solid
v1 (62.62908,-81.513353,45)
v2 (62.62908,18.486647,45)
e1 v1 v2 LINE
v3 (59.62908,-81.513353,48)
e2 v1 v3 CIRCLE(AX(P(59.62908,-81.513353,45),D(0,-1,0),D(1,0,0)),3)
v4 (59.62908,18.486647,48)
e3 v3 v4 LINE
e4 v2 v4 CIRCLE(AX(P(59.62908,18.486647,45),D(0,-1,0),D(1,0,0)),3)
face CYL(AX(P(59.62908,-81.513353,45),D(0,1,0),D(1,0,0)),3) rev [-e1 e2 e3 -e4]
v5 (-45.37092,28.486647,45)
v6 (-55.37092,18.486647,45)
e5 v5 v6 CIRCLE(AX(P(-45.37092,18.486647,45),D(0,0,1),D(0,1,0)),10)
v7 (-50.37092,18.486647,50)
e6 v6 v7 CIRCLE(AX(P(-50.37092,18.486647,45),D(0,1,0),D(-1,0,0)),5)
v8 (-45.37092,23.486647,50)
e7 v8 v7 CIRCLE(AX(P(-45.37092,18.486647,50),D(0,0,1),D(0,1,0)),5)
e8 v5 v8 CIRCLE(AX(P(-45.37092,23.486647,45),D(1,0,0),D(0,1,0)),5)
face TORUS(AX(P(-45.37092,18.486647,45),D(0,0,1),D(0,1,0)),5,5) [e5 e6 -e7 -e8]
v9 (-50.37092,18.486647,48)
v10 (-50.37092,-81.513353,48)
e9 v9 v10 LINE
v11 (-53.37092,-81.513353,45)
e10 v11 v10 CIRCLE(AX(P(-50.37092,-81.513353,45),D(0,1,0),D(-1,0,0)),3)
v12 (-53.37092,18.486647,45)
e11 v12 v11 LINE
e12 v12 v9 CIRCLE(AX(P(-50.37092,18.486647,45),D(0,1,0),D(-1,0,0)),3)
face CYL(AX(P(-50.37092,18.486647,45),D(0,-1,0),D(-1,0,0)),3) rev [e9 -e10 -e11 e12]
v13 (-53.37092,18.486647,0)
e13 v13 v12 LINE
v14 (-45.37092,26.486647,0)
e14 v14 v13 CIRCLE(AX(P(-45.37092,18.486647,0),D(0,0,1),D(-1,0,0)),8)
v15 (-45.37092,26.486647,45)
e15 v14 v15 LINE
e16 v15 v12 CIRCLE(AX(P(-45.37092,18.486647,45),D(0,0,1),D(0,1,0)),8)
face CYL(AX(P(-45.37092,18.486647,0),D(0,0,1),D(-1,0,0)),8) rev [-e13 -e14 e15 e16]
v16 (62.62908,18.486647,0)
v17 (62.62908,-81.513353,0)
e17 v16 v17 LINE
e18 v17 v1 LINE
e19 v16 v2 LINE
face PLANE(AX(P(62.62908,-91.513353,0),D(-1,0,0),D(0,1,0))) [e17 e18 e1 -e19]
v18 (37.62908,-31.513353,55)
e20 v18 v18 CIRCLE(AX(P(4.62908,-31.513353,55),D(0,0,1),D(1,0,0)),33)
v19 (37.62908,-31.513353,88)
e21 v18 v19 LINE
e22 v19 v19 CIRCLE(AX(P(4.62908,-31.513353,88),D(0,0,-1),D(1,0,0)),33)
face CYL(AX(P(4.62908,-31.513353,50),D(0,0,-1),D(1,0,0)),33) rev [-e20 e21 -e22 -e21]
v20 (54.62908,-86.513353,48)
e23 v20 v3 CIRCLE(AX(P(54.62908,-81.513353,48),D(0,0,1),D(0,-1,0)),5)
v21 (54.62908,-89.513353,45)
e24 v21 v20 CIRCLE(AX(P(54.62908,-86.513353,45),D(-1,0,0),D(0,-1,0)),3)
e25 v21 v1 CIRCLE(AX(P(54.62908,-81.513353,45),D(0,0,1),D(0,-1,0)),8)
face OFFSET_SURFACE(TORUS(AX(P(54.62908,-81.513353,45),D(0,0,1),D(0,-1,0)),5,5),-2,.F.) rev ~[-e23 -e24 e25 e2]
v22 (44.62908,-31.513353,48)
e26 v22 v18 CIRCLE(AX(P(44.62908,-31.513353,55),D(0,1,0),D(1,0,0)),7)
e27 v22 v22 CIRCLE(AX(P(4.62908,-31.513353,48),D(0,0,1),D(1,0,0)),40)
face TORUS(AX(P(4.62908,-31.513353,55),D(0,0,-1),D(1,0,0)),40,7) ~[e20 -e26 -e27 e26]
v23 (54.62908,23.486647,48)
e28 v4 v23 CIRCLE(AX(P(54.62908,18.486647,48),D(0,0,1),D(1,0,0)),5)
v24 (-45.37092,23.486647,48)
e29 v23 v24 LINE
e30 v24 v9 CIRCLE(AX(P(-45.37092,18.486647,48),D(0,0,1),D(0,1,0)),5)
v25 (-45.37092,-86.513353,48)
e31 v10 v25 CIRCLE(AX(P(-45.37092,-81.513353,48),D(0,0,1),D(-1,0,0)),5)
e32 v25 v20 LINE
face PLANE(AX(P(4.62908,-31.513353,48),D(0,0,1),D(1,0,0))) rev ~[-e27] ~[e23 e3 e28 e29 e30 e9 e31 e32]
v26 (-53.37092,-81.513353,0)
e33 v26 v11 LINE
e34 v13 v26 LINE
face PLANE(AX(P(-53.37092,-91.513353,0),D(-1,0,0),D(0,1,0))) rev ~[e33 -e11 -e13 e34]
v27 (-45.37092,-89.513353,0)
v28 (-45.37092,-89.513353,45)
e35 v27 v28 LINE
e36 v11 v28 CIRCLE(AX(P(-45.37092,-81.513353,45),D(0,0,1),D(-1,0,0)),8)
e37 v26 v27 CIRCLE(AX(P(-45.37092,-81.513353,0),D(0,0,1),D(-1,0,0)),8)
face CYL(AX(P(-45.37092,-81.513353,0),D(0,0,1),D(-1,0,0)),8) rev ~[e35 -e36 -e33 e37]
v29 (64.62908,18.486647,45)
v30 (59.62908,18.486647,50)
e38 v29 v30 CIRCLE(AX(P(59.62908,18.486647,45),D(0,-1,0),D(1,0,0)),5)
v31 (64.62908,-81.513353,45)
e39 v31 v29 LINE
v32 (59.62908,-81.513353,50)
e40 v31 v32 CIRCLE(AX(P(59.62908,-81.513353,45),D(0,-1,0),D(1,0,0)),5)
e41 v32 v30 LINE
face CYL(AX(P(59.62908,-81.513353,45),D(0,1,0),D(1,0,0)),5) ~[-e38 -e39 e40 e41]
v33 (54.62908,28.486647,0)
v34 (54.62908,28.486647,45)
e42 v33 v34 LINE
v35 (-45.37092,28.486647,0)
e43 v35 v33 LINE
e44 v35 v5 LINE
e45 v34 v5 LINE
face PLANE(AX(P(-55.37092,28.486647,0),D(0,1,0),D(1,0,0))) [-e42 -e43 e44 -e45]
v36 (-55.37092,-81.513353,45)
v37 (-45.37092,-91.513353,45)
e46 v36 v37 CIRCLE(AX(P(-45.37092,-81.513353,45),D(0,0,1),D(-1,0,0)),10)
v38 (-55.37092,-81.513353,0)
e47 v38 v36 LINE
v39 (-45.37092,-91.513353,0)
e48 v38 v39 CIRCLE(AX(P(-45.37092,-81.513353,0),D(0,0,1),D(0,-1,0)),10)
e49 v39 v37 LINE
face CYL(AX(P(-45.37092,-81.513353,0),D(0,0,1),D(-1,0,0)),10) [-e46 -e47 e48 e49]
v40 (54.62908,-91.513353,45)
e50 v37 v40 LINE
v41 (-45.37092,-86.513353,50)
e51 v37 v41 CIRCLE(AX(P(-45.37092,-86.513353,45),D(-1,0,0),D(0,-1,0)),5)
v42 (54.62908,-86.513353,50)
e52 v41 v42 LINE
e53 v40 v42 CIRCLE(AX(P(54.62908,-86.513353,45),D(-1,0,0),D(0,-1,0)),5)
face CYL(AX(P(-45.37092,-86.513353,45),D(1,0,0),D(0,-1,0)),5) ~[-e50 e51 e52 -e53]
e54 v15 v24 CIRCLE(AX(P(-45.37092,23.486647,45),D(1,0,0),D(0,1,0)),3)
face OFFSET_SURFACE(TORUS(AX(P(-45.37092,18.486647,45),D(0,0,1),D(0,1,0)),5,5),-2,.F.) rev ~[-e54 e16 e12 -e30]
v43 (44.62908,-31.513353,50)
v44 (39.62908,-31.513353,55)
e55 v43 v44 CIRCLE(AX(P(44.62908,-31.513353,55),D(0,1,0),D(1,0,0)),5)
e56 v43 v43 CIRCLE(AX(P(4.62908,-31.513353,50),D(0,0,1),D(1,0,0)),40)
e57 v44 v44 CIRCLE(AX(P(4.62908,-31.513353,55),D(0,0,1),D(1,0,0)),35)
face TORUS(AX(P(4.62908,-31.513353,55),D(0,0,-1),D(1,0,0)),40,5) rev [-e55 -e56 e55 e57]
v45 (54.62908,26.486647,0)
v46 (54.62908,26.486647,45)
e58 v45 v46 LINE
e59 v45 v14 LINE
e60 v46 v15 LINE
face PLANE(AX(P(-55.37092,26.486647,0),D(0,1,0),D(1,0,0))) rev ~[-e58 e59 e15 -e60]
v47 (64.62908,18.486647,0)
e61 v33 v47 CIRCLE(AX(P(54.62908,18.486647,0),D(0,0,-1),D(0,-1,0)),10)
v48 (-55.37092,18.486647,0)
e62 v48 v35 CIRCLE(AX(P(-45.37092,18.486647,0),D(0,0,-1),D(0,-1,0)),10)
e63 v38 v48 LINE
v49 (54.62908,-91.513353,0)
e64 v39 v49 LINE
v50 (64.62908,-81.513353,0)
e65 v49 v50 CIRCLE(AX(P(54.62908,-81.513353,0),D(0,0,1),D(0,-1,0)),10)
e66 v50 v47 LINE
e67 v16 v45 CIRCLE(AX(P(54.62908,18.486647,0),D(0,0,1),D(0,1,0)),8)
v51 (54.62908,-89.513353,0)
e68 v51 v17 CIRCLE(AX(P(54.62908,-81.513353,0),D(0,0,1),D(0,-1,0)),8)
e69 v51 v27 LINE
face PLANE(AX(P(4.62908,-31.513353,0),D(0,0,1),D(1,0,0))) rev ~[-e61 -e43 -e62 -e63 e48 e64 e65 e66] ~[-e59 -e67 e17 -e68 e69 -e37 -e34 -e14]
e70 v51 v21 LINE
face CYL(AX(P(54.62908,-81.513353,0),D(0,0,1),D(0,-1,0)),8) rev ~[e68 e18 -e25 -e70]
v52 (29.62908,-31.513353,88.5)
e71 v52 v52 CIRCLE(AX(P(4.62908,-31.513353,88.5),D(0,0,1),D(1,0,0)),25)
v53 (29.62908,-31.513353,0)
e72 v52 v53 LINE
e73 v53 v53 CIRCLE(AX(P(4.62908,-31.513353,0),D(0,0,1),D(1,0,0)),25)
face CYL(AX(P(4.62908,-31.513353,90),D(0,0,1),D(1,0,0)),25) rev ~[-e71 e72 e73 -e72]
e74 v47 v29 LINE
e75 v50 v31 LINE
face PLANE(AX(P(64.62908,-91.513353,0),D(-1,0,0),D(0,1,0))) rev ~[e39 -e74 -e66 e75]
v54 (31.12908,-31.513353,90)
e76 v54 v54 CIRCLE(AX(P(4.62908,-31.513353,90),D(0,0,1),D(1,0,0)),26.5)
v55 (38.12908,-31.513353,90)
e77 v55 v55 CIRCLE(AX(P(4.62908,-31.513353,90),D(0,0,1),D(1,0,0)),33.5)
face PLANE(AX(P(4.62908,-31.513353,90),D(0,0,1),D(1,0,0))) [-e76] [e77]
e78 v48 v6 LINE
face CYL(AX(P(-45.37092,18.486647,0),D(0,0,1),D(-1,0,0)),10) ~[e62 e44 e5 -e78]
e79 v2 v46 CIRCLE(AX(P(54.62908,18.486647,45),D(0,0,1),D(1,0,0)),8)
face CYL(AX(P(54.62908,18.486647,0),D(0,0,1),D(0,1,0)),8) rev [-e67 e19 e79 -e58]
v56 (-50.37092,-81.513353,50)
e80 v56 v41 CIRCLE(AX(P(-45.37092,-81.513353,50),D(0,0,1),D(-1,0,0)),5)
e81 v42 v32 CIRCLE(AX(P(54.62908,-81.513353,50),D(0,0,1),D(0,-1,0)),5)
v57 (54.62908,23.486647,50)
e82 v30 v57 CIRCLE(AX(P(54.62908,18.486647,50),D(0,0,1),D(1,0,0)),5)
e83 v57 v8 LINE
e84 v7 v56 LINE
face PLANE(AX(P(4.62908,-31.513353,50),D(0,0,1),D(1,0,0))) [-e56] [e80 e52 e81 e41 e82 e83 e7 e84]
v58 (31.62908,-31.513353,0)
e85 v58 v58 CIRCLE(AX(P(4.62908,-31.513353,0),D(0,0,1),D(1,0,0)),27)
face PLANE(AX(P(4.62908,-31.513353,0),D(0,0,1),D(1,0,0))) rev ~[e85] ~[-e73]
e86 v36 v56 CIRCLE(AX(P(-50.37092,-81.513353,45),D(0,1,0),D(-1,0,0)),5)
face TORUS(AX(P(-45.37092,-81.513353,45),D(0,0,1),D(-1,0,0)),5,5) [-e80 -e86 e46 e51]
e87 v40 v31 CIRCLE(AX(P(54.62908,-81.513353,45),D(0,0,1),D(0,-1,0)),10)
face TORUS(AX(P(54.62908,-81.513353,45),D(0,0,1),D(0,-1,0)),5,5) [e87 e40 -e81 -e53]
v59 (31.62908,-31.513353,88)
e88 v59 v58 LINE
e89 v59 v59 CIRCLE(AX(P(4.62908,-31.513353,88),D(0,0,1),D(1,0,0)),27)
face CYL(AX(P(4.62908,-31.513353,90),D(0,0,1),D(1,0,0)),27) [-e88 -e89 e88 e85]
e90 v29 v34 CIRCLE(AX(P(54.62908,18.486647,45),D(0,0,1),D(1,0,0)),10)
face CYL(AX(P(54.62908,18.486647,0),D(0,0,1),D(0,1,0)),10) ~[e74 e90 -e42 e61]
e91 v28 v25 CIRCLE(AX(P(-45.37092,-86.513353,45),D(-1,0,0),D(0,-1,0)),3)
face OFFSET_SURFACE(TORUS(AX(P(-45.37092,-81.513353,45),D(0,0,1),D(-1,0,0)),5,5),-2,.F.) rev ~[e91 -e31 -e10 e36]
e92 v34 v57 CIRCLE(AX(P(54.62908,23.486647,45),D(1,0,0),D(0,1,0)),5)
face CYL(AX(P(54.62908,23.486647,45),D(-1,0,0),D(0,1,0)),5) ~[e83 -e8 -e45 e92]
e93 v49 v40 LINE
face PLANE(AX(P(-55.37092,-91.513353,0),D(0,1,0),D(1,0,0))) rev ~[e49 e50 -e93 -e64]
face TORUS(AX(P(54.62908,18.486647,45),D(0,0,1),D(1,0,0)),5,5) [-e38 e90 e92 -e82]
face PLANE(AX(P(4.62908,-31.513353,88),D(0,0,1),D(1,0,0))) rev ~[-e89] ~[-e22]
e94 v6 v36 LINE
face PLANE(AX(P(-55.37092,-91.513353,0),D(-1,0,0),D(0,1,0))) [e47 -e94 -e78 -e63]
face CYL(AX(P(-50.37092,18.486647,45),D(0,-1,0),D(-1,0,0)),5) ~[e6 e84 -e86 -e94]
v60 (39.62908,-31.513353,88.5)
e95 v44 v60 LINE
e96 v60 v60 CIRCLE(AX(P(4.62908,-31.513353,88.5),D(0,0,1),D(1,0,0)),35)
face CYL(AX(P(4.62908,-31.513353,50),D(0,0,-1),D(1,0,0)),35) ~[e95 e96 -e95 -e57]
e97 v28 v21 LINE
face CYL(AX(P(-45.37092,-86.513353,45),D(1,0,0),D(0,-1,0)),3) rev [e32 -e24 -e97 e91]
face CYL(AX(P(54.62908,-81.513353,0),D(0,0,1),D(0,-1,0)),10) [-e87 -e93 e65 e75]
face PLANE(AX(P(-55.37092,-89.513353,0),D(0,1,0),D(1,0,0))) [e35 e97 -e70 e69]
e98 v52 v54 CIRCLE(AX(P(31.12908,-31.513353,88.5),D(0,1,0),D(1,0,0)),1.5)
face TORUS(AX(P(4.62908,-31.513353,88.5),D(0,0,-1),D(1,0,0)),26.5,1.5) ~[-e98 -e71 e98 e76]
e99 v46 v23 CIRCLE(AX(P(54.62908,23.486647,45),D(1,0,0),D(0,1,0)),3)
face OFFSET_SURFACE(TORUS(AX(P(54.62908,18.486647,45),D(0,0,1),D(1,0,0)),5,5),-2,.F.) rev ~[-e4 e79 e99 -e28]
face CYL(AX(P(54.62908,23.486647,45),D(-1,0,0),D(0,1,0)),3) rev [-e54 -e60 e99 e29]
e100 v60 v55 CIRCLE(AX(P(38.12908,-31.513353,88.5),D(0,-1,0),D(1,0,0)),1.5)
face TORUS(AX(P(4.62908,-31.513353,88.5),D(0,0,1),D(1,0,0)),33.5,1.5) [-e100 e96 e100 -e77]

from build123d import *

# Parameters (mm, degrees)
SKETCH1_W           = 120
SKETCH1_H           = 120
BOSS_EXTRUDE1_DEPTH = 50
SKETCH2_R           = 35
BOSS_EXTRUDE2_DEPTH = 40
SKETCH3_R           = 25
CUT_EXTRUDE1_DEPTH  = 91
FILLET2_R           = 10
FILLET3_R           = 1.5
FILLET4_R           = 5
SHELL1_T            = -2


with BuildPart() as part:
    # Sketch1 → Boss-Extrude1 (new body)
    with BuildSketch(Plane.XY):
        with Locations((4.629080119, -31.513353116)):
            Rectangle(SKETCH1_W, SKETCH1_H)
    extrude(amount=BOSS_EXTRUDE1_DEPTH)

    # Sketch2 → Boss-Extrude2 (add)
    with BuildSketch(Plane.XY.offset(50)):
        with Locations((4.629080119, -31.513353116)):
            Circle(SKETCH2_R)
    extrude(amount=BOSS_EXTRUDE2_DEPTH)

    # Sketch3 → Cut-Extrude1 (cut, through all)
    with BuildSketch(Plane.XY.offset(90)):
        with Locations((4.629080119, -31.513353116)):
            Circle(SKETCH3_R)
    extrude(amount=-CUT_EXTRUDE1_DEPTH, mode=Mode.SUBTRACT)

    # Fillet2
    fillet2_edges = [part.edges().sort_by_distance(p)[0] for p in [
        (-55.370919881, 28.486646884, 25),
        (64.629080119, 28.486646884, 25),
        (64.629080119, -91.513353116, 25),
        (-55.370919881, -91.513353116, 25),
    ]]
    fillet(fillet2_edges, radius=FILLET2_R)

    # Fillet3
    fillet3_edges = [part.edges().sort_by_distance(p)[0] for p in [
        (-30.370919881, -31.513353116, 90),
        (-20.370919881, -31.513353116, 90),
    ]]
    fillet(fillet3_edges, radius=FILLET3_R)

    # Fillet4
    fillet4_edges = [part.edges().sort_by_distance(p)[0] for p in [
        (-30.370919881, -31.513353116, 50),
        (4.629080119, -91.513353116, 50),
        (-55.370919881, -31.513353116, 50),
        (64.629080119, -31.513353116, 50),
        (4.629080119, 28.486646884, 50),
        (61.700147931, 25.557714696, 50),
        (-52.441987693, 25.557714696, 50),
        (61.700147931, -88.584420928, 50),
        (-52.441987693, -88.584420928, 50),
    ]]
    fillet(fillet4_edges, radius=FILLET4_R)

    # Shell1
    shell1_openings = [part.faces().sort_by_distance(p)[0] for p in [
        (29.629080119, -31.513353116, 0),
    ]]
    offset(amount=SHELL1_T, openings=shell1_openings, kind=Kind.INTERSECTION)


solid = part.part
